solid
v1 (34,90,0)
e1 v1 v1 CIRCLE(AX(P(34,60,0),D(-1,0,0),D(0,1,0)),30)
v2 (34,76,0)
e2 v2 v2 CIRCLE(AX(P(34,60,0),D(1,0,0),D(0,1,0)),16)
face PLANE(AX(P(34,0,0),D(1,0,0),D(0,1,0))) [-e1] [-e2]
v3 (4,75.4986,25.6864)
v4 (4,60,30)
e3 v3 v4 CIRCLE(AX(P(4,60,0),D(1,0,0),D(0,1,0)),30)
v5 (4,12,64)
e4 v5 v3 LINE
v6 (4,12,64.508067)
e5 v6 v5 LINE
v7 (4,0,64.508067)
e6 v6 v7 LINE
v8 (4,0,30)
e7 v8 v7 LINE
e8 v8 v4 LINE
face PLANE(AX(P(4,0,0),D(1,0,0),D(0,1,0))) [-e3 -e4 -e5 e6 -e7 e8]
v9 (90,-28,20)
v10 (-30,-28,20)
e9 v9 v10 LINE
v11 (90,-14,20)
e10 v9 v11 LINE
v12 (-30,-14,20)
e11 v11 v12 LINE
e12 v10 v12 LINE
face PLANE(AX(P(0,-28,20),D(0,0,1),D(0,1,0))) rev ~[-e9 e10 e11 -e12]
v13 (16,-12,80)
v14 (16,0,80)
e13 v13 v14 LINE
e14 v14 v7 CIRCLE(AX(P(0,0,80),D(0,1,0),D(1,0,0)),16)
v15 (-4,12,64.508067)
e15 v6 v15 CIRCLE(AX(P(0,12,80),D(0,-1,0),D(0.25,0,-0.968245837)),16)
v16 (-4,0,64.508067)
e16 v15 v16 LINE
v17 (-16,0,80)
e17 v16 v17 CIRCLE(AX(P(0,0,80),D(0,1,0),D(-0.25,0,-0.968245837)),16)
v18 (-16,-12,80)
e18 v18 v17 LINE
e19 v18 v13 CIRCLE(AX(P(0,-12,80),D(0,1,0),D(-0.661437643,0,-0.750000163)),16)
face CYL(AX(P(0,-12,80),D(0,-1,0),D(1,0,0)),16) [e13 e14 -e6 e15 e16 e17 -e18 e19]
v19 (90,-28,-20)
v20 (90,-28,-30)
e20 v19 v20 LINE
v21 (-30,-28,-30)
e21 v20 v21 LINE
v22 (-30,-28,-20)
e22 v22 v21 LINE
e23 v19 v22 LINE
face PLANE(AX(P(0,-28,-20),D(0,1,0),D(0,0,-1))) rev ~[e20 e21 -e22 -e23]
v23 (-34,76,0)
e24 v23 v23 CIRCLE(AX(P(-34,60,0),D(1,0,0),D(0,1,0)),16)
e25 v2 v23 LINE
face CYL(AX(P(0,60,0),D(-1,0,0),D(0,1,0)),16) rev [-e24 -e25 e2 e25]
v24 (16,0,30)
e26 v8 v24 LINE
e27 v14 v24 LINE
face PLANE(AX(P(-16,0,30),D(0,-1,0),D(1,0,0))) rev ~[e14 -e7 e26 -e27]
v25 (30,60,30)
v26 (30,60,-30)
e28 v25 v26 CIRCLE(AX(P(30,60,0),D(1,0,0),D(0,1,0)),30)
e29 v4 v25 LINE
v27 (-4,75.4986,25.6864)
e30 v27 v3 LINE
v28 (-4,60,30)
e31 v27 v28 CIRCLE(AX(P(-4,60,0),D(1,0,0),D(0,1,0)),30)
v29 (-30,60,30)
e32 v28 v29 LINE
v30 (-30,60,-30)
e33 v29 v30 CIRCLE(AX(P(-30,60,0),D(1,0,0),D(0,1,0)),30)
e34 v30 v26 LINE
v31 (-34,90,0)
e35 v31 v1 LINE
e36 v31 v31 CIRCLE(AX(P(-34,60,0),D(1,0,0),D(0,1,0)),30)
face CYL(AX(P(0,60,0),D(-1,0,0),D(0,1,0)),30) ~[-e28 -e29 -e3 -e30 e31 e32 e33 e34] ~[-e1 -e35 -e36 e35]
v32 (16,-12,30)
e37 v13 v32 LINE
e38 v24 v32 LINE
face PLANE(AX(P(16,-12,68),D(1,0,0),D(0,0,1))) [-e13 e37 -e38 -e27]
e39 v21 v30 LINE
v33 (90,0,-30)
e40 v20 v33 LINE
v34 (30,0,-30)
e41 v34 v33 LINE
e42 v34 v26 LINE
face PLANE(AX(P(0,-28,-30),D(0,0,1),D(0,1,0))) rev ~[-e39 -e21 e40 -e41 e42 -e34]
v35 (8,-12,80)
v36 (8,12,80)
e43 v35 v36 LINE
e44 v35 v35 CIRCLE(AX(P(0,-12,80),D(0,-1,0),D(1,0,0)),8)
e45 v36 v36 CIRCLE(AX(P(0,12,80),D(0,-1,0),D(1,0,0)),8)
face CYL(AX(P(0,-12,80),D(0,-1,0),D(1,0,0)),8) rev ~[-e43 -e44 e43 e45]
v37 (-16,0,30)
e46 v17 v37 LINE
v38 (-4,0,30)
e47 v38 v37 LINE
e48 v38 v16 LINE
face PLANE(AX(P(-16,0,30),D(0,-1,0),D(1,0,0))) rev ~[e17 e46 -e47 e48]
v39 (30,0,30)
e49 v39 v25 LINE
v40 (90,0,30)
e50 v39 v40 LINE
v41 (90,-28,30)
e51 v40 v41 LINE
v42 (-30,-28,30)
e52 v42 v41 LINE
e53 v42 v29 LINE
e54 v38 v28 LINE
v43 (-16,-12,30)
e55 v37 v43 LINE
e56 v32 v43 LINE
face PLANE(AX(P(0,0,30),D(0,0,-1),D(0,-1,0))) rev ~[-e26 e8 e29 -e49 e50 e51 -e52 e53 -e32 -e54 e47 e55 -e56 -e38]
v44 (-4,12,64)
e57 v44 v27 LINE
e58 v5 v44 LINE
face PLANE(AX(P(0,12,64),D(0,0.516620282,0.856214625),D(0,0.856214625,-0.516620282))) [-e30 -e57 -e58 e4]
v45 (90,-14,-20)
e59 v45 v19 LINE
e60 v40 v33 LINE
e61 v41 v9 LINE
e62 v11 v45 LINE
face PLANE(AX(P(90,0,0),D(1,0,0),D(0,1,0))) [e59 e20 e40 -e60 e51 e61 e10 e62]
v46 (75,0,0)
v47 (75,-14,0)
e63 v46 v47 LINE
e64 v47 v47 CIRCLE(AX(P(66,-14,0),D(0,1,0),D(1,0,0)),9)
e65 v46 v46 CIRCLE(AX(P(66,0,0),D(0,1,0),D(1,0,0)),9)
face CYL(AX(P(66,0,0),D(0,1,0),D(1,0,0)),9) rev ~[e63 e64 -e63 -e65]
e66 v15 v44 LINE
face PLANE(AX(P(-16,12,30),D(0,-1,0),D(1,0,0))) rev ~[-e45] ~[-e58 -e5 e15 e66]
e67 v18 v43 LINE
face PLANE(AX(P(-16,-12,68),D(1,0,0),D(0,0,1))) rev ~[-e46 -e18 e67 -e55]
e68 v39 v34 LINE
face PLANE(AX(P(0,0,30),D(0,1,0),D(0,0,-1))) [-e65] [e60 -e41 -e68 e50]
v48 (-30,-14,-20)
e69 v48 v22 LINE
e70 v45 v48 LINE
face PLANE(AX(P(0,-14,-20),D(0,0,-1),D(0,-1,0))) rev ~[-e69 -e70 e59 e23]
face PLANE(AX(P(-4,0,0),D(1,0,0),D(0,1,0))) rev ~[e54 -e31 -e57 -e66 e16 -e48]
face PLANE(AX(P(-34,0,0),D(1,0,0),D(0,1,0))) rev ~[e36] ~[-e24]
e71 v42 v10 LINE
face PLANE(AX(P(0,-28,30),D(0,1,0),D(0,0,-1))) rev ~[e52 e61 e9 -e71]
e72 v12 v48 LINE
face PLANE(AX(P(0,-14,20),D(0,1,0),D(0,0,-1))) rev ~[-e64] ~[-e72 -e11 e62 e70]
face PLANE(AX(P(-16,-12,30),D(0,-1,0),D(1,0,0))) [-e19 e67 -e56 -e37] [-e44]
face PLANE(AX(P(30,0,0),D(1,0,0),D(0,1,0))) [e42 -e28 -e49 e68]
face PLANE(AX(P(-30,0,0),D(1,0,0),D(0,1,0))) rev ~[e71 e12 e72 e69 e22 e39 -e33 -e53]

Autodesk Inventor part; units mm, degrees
ref_plane "YZ Plane" through (0, 0, 0) normal (1, 0, 0) x (0, 1, 0)
ref_plane "XZ Plane" through (0, 0, 0) normal (0, 1, 0) x (-1, 0, 0)
ref_plane "XY Plane" through (0, 0, 0) normal (0, 0, 1) x (1, 0, 0)
sketch "Náčrt1" plane through (0, 0, 0) normal (1, 0, 0) x (0, 1, 0)
  circle A0 centre (60, 0) radius 16
  circle A1 centre (60, 0) radius 30
  line L0 (0, 30) -> (0, -30)
  line L1 (0, -30) -> (60, -30)
  line L2 (0, 30) -> (60, 30)
  line L3 (0, 30) -> (0, 68)
  line L4 (0, 68) -> (12, 68)
  line L5 (12, 68) -> (12, 64)
  line L6 (12, 64) -> (75.4986, 25.6864)
  line L7 (0, 68) -> (-12, 68)
  line L8 (-12, 68) -> (-12, 30)
  line L9 (-12, 30) -> (-28, 30)
  line L10 (-28, 30) -> (-28, 20)
  line L11 (-28, 20) -> (-14, 20)
  line L12 (-14, 20) -> (-14, -20)
  line L13 (-14, -20) -> (-28, -20)
  line L14 (-28, -20) -> (-28, -30)
  line L15 (-28, -30) -> (0, -30)
  line L16 (0, 30) -> (-12, 30)
  point P0 (0, 0)
  dimension "d0" = 32
  dimension "d1" = 60
  dimension "d2" = 12
  dimension "d3" = 31.106
  dimension "d4" = 60
  dimension "d5" = 38
  dimension "d6" = 10
  dimension "d7" = 50
  dimension "d8" = 24
  dimension "d9" = 26
  dimension "d10" = 40
  dimension "d11" = 60.9972
  dimension "d12" = 30
  dimension "d13" = 12
extrude "Vysunutí1" add sketch "Náčrt1" against normal blind 34 contours A1
extrude "Vysunutí2" add sketch "Náčrt1" against normal blind 4 contours A1 L2 L3 L4 L5 L6
extrude "Vysunutí3" add sketch "Náčrt1" against normal blind 30 contours L1 L0 L2 A1
extrude "Vysunutí4" add sketch "Náčrt1" against normal blind 16 contours L16 L8 L7 L3
extrude "Vysunutí5" add sketch "Náčrt1" against normal blind 30 contours L15 L14 L13 L12 L11 L10 L9 L16 L0
extrude "Vysunutí6" add sketch "Náčrt1" along normal blind 34 contours A1
extrude "Vysunutí7" add sketch "Náčrt1" along normal blind 30 contours L1 L0 L2 A1
extrude "Vysunutí8" add sketch "Náčrt1" along normal blind 4 contours A1 L2 L3 L4 L5 L6
extrude "Vysunutí9" add sketch "Náčrt1" along normal blind 16 contours L16 L8 L7 L3
extrude "Vysunutí10" add sketch "Náčrt1" along normal blind 90 contours L15 L14 L13 L12 L11 L10 L9 L16 L0
sketch "Náčrt2" plane through (-16, -12, 30) normal (0, -1, 0) x (1, 0, 0)
  circle A0 centre (16, 50) radius 16
  circle A1 centre (16, 50) radius 8
  line L0 (20, 38) -> (32, 38) projected
  line L1 (32, 38) -> (32, 50)
  line L2 (0, 38) -> (0, 50)
  line L3 (32, 38) -> (26.583, 38)
  line L4 (12, 38) -> (0, 38) projected
  line L5 (0, 38) -> (5.417, 38)
  point P0 (16, -30)
  dimension "d34" = 32
  dimension "d35" = 16
  dimension "d36" = 12
extrude "Vysunutí11" add sketch "Náčrt2" against normal blind 24 contours A0
extrude "Vysunutí12" add sketch "Náčrt2" against normal blind 12 contours L1 L0 A0 | A0 L4 L2
sketch "Náčrt3" plane through (30, 0, 30) normal (0, 1, 0) x (1, 0, 0)
  circle A0 centre (36, 30) radius 9
  point P0 (-30, 30)
  dimension "d41" = 18
extrude "Vysunutí13" cut sketch "Náčrt3" against normal blind 14
properties part number "6"
